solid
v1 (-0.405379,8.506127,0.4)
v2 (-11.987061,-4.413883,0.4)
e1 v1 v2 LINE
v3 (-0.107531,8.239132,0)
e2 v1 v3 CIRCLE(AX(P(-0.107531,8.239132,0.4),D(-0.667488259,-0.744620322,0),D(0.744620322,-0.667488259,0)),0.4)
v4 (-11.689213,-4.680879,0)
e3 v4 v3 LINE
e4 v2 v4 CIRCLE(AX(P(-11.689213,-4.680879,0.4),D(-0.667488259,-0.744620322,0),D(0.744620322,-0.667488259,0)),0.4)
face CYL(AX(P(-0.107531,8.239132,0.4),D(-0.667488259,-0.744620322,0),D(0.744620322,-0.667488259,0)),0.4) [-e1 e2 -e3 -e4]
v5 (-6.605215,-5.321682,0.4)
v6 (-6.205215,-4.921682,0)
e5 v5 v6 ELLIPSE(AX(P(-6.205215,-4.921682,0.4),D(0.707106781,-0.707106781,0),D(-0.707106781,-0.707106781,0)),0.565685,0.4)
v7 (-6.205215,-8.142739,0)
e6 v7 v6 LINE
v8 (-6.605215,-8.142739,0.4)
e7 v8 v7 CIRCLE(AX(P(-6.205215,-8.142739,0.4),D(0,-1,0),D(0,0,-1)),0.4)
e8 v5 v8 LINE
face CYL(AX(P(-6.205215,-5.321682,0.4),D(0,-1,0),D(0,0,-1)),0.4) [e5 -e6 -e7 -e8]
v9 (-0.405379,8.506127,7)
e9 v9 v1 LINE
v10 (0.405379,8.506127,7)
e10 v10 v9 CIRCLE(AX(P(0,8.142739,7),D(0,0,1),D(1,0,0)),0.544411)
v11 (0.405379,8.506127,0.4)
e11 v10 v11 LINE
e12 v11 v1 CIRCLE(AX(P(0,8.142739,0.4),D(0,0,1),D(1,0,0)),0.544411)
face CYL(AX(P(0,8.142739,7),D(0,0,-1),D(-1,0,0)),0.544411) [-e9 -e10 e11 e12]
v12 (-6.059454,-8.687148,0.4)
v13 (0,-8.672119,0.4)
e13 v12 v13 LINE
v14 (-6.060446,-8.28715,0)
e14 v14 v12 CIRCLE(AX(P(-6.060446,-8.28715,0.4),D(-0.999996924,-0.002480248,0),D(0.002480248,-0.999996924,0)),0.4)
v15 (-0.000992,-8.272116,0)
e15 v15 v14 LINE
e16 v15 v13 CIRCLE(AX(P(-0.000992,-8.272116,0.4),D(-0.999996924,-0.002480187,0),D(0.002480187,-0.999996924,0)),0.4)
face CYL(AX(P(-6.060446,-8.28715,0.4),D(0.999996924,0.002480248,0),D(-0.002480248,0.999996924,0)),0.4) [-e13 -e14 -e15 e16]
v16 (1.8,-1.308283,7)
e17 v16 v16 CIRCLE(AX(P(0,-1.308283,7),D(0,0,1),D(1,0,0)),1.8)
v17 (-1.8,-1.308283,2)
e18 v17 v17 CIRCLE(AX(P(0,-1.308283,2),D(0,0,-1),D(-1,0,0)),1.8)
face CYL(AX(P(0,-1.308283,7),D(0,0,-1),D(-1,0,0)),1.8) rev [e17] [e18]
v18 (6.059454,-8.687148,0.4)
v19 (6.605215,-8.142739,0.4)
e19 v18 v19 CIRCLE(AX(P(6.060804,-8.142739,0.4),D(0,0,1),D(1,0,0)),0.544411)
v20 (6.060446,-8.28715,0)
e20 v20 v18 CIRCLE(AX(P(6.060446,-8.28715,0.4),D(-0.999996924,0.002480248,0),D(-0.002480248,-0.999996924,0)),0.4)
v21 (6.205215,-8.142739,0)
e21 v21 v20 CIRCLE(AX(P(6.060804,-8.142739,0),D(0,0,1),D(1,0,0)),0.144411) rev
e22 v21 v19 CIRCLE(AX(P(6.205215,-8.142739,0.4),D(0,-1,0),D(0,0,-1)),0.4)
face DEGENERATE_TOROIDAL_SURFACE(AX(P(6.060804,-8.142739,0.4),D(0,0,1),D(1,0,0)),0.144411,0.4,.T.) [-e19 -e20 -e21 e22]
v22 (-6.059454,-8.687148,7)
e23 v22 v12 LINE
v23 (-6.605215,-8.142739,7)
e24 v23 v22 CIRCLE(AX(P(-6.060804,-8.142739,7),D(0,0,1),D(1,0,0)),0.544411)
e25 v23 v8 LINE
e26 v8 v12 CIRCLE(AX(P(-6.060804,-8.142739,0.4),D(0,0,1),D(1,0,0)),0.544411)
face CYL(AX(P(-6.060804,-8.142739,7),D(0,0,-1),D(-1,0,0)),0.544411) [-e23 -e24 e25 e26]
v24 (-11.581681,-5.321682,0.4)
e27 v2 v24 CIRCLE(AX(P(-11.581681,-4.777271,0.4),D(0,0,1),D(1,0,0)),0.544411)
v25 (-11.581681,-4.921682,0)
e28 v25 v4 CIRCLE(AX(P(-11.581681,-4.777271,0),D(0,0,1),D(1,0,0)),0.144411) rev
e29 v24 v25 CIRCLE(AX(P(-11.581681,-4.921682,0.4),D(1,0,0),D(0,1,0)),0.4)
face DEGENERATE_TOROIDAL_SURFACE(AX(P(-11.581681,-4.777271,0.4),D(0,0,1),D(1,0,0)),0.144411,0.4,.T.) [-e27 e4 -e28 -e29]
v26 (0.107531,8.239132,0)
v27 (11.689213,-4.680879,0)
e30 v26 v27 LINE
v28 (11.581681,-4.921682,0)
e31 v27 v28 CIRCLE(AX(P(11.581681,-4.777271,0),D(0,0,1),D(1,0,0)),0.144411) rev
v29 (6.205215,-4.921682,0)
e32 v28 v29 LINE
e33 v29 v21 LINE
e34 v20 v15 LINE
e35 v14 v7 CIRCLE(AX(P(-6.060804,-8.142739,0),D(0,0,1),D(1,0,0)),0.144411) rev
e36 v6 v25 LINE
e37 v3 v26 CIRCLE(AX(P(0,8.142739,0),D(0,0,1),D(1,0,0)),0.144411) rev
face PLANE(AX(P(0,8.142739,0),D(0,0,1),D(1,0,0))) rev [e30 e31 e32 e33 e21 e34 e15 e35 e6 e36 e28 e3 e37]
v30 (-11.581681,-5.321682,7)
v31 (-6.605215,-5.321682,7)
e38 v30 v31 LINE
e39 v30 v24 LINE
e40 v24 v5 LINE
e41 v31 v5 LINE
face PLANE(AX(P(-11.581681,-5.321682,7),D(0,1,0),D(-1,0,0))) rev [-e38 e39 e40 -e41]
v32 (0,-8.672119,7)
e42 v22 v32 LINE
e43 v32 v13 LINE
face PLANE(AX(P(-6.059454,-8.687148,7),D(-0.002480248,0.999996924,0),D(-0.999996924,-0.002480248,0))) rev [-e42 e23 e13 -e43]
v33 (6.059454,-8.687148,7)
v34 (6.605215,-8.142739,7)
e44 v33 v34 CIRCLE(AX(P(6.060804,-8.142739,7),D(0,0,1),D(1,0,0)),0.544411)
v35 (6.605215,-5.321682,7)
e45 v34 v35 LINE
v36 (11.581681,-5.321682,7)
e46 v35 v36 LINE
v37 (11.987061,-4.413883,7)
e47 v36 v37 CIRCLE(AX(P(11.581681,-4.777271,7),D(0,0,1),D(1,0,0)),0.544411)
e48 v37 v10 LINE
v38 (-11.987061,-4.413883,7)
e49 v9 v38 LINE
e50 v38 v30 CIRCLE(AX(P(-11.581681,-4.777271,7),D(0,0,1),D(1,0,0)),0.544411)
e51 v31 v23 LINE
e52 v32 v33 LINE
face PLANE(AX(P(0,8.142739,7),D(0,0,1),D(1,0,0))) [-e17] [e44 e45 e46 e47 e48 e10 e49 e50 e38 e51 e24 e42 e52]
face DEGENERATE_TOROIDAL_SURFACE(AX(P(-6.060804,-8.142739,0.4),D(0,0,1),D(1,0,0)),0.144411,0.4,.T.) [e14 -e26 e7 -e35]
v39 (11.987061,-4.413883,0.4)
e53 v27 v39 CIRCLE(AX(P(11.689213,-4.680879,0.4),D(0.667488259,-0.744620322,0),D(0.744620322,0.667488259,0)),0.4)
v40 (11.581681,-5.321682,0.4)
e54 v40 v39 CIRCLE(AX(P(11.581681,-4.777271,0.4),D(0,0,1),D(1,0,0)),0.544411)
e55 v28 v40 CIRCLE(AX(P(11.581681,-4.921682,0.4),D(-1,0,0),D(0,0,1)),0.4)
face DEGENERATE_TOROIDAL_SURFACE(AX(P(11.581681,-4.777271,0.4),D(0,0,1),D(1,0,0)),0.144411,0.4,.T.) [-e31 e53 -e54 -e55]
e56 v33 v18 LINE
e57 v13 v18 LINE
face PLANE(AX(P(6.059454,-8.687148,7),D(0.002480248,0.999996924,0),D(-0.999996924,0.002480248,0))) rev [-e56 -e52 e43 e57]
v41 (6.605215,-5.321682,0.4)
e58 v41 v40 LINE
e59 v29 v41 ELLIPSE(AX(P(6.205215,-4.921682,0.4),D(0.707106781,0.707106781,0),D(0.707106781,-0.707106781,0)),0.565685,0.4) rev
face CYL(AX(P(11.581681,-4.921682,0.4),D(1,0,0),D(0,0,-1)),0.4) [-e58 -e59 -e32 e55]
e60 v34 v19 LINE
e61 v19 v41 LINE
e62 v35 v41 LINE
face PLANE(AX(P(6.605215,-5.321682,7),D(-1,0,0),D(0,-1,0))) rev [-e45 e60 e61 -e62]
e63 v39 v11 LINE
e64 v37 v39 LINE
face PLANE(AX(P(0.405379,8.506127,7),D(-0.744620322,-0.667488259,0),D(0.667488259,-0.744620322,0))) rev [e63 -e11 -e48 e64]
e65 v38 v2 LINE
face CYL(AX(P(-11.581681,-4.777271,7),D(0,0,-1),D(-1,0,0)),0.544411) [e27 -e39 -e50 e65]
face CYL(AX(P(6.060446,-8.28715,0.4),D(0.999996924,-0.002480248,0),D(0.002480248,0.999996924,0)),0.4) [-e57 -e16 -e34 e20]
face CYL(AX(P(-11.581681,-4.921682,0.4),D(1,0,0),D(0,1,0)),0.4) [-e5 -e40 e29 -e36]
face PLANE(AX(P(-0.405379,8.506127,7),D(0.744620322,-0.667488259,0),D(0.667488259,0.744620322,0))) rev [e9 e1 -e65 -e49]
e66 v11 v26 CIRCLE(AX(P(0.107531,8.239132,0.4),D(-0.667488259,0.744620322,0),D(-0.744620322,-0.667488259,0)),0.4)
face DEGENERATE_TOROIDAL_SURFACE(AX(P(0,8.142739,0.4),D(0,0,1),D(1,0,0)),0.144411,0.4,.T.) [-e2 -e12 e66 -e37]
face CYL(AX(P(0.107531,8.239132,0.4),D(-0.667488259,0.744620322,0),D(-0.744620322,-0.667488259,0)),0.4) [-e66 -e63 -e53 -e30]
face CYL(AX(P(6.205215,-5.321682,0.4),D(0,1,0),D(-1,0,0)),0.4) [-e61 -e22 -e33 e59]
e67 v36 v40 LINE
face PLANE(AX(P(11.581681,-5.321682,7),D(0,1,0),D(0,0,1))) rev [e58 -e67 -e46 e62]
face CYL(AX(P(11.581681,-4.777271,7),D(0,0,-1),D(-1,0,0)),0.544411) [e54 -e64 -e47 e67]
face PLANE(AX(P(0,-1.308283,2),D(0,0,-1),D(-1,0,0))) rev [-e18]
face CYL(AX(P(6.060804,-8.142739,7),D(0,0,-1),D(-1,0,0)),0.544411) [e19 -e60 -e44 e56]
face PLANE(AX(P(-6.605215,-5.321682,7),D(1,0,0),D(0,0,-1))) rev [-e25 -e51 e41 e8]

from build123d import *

# Parameters (mm, degrees)
SKETCH_1_R      = 1.8
EXTRUDE_1_DEPTH = 7
SKETCH_2_R      = 1.8
EXTRUDE_2_DEPTH = 2
FILLET_1_R      = 0.4


with BuildPart() as part:
    # 草图1 → 凸台-拉伸1 (new body)
    with BuildSketch(Plane.XY):
        with BuildLine():
            Line((-0.405379361, 8.506127058), (-11.987060741, -4.413883456))
            ThreePointArc((-11.987060741, -4.413883456), (-12.07878067, -4.999252001), (-11.58168138, -5.321682108))
            Line((-11.58168138, -5.321682108), (-6.605215139, -5.321682108))
            Line((-6.605215139, -5.321682108), (-6.605215139, -8.142739227))
            ThreePointArc((-6.605215139, -8.142739227), (-6.445283211, -8.528172909), (-6.059454045, -8.687148374))
            Line((-6.059454045, -8.687148374), (0, -8.672119378))
            Line((0, -8.672119378), (6.059454045, -8.687148374))
            ThreePointArc((6.059454045, -8.687148374), (6.445283211, -8.528172909), (6.605215139, -8.142739227))
            Line((6.605215139, -8.142739227), (6.605215139, -5.321682108))
            Line((6.605215139, -5.321682108), (11.58168138, -5.321682108))
            ThreePointArc((11.58168138, -5.321682108), (12.07878067, -4.999252001), (11.987060741, -4.413883456))
            Line((11.987060741, -4.413883456), (0.405379361, 8.506127058))
            ThreePointArc((0.405379361, 8.506127058), (0, 8.687150048), (-0.405379361, 8.506127058))
        make_face()
        with Locations((0, -1.308282587)):
            Circle(SKETCH_1_R, mode=Mode.SUBTRACT)
    extrude(amount=EXTRUDE_1_DEPTH)

    # 草图2 → 凸台-拉伸2 (add)
    with BuildSketch(Plane(origin=(0, 0, 0), x_dir=(-1, 0, 0), z_dir=(0, 0, -1))):
        with Locations((0, -1.308282587)):
            Circle(SKETCH_2_R)
    extrude(amount=-EXTRUDE_2_DEPTH)

    # 圆角1
    fillet_1_edges = [part.edges().sort_by_distance(p)[0] for p in [
        (6.196220051, 2.046121801, 0),
        (12.07878067, -4.999252001, 0),
        (9.09344826, -5.321682108, 0),
        (6.605215139, -6.732210668, 0),
        (6.445283211, -8.528172909, 0),
        (3.029727022, -8.679633876, 0),
        (-3.029727022, -8.679633876, 0),
        (-6.445283211, -8.528172909, 0),
        (-6.605215139, -6.732210668, 0),
        (-9.09344826, -5.321682108, 0),
        (-12.07878067, -4.999252001, 0),
        (-6.196220051, 2.046121801, 0),
        (0, 8.687150048, 0),
    ]]
    fillet(fillet_1_edges, radius=FILLET_1_R)


solid = part.part
